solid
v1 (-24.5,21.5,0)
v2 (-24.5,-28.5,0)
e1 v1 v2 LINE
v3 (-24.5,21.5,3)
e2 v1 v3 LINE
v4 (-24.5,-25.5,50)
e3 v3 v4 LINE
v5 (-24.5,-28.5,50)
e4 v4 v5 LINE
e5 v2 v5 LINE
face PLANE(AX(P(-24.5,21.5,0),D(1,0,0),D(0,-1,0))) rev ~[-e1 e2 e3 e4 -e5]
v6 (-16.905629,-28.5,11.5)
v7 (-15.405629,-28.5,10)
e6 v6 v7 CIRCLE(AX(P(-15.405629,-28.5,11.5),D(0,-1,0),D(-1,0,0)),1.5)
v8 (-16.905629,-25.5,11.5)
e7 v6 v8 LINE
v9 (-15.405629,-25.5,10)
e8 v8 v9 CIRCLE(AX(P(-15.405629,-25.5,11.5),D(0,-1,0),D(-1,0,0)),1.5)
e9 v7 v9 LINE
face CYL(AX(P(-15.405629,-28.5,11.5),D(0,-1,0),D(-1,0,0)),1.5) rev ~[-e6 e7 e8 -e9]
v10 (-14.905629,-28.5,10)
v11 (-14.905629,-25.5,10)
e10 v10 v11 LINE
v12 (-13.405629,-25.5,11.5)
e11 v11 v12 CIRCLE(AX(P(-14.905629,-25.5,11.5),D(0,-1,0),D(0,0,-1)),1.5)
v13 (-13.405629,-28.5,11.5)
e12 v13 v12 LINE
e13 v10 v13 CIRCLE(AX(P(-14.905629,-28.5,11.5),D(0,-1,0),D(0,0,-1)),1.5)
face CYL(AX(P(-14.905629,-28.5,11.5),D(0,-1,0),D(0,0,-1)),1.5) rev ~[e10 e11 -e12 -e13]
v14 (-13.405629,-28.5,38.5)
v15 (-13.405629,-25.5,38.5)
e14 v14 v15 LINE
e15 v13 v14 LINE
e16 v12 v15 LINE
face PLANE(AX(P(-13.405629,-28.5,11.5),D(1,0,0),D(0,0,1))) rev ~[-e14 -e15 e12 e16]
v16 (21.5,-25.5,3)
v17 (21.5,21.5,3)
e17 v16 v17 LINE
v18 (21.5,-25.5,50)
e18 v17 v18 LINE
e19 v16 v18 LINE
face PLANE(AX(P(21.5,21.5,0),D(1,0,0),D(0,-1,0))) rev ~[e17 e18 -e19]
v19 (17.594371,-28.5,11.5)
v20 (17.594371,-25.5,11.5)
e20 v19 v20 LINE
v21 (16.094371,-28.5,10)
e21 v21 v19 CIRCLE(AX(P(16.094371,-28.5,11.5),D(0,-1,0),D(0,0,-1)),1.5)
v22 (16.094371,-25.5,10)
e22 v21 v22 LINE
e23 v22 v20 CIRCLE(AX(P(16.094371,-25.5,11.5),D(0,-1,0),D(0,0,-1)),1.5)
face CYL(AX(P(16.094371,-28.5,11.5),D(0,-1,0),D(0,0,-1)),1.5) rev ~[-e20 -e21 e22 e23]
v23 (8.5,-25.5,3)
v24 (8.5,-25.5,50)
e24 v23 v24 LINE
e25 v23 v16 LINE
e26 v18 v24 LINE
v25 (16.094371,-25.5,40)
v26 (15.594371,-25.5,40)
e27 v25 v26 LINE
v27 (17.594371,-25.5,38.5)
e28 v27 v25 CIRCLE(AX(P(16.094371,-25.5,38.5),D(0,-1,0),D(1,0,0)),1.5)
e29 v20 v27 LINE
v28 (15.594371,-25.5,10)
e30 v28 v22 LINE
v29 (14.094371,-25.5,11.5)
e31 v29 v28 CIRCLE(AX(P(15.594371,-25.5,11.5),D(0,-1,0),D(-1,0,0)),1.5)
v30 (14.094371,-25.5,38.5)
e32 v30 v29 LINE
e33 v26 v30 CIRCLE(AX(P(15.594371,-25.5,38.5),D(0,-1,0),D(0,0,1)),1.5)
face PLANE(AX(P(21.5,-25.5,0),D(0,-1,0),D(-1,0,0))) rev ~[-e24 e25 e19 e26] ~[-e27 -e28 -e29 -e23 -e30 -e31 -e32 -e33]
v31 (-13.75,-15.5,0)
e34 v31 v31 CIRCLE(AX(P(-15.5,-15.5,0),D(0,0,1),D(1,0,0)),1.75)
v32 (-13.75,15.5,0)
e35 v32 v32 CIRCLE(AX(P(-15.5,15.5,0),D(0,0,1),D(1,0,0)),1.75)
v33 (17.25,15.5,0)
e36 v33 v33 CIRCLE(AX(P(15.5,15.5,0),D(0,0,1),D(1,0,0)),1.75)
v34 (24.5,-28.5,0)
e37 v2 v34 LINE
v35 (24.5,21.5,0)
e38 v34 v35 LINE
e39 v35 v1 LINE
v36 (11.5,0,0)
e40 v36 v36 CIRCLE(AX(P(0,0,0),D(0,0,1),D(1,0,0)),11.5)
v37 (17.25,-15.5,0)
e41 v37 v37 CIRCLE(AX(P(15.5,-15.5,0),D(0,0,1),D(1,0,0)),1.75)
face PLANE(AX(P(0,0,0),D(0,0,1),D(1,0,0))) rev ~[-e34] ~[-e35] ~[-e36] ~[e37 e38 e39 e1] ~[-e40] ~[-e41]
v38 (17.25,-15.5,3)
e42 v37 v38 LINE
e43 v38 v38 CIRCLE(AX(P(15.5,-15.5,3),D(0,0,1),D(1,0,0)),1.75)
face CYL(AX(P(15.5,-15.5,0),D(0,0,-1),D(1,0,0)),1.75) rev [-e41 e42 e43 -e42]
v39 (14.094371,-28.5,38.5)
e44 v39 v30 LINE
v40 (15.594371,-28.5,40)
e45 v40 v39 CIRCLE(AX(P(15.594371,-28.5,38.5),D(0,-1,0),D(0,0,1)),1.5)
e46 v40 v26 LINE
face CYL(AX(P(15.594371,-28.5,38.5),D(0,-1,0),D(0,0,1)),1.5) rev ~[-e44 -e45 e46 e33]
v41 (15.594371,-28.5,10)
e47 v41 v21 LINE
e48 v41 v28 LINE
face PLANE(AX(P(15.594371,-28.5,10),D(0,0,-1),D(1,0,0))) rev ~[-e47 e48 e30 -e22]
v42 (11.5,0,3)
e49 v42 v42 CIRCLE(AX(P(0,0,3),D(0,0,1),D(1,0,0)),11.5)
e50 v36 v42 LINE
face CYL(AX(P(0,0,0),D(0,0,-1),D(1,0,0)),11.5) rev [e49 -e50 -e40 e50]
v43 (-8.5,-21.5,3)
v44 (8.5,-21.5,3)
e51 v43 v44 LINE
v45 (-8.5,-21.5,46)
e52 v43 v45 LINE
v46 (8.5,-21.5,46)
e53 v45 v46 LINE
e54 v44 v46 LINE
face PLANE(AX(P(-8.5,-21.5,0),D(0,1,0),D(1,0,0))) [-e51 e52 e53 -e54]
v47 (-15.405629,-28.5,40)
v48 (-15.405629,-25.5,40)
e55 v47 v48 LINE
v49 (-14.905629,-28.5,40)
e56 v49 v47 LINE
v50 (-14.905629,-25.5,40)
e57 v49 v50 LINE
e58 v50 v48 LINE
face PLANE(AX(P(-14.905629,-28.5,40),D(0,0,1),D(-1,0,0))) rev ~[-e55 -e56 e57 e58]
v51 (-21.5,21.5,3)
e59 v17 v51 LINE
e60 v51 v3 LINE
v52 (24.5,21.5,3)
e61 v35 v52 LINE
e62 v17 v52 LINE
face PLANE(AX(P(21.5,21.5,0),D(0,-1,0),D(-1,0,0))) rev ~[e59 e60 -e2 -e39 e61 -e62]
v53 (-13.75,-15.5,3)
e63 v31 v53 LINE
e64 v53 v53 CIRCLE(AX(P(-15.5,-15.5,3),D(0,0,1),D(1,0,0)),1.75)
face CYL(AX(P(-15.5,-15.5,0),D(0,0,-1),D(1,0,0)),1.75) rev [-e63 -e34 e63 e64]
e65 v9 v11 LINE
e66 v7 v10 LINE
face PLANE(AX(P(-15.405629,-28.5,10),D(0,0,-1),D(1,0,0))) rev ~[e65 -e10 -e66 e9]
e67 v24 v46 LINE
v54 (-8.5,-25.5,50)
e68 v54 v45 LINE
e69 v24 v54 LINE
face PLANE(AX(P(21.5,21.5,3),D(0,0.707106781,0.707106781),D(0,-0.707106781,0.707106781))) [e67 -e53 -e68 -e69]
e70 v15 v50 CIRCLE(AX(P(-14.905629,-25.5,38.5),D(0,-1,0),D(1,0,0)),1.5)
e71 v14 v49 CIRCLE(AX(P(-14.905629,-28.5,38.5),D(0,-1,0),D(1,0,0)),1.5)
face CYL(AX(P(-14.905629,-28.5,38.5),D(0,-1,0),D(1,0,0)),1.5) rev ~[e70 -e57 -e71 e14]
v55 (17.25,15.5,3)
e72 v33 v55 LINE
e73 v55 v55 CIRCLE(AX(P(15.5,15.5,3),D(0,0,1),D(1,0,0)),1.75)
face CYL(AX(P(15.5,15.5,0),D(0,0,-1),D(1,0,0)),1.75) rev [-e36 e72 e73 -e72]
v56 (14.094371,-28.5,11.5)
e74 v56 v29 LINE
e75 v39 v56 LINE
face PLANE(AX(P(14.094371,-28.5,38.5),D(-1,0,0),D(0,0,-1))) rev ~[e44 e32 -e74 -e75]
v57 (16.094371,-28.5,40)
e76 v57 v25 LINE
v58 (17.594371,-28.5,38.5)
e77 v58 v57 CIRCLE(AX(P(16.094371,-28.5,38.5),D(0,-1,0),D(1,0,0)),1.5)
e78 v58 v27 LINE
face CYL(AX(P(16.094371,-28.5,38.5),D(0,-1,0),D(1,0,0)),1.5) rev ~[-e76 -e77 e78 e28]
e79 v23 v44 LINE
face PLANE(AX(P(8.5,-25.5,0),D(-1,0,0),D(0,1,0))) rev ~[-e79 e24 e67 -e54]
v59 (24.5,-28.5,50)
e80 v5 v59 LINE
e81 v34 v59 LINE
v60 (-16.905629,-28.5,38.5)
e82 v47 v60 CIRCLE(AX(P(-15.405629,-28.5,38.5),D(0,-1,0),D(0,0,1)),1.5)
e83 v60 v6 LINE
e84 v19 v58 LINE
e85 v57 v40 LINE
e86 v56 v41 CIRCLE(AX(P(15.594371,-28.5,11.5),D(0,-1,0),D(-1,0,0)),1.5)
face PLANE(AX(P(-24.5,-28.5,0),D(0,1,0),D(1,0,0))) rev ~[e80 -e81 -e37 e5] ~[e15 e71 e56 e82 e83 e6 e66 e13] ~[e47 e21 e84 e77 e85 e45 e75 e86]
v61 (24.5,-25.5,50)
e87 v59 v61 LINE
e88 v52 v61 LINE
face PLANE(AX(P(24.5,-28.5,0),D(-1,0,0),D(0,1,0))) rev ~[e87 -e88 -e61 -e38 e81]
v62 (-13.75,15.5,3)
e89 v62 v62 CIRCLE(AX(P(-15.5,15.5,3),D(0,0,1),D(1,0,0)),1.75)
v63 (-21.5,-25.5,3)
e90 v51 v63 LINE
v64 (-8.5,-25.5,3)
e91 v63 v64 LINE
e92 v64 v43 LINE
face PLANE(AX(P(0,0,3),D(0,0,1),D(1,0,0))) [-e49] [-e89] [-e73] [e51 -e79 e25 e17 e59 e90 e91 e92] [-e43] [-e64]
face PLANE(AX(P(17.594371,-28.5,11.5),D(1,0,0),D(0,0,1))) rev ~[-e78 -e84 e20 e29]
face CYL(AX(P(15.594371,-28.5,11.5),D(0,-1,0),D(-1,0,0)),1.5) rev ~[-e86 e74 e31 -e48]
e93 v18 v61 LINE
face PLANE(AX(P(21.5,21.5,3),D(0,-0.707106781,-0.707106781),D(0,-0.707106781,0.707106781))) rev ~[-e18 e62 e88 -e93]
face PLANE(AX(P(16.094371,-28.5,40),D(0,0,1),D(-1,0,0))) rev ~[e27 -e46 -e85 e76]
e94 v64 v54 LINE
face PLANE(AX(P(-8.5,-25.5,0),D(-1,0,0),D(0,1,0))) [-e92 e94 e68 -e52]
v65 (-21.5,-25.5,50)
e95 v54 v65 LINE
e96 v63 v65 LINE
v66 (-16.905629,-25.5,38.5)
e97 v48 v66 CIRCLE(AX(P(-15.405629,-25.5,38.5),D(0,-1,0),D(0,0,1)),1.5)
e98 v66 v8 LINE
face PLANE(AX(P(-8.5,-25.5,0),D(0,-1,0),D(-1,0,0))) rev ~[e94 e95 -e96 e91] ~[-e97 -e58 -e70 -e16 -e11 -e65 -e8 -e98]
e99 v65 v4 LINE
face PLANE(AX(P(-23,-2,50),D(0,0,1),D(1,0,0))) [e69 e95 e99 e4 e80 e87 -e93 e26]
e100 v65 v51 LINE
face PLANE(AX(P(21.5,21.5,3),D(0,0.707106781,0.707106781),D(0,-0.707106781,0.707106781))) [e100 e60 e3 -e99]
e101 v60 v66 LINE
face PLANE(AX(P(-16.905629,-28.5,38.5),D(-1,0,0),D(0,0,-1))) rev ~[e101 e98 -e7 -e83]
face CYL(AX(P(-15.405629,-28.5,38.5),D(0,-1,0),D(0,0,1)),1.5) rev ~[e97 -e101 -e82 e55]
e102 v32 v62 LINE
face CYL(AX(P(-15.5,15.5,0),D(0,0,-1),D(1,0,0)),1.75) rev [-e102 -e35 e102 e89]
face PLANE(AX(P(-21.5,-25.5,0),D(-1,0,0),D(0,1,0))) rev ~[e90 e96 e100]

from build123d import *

# Parameters (mm, degrees)
F0_W          = 17
F0_H          = 4
F1_DEPTH      = 50
F0_R          = 1.75
F0_R_2        = 11.5
F0_W_2        = 13
F2_DEPTH      = 3
F4_DEPTH      = 5
F4_DEPTH_BACK = 50
F6_DEPTH      = 3


with BuildPart() as f1:
    # F0 (on Top) → F1 (new body)
    with BuildSketch(Plane.XY):
        Polygon((-21.5, -21.5), (-21.5, 21.5), (-24.5, 21.5), (-24.5, -25.5), (-21.5, -25.5), align=None)
        Polygon((24.5, -25.5), (21.5, -25.5), (8.5, -25.5), (-8.5, -25.5), (-21.5, -25.5), (-24.5, -25.5), (-24.5, -28.5), (24.5, -28.5), align=None)
        Polygon((24.5, 21.5), (21.5, 21.5), (21.5, -21.5), (21.5, -25.5), (24.5, -25.5), align=None)
        with Locations((0, -23.5)):
            Rectangle(F0_W, F0_H)
    extrude(amount=F1_DEPTH)

    # F0 (on Top) → F2 (join)
    with BuildSketch(Plane.XY):
        Polygon((21.5, -21.5), (21.5, 21.5), (-21.5, 21.5), (-21.5, -21.5), (-8.5, -21.5), (8.5, -21.5), align=None)
        with Locations((-15.5, -15.5)):
            Circle(F0_R, mode=Mode.SUBTRACT)
        with Locations((15.5, -15.5)):
            Circle(F0_R, mode=Mode.SUBTRACT)
        Circle(F0_R_2, mode=Mode.SUBTRACT)
        with Locations((-15.5, 15.5)):
            Circle(F0_R, mode=Mode.SUBTRACT)
        with Locations((15.5, 15.5)):
            Circle(F0_R, mode=Mode.SUBTRACT)
        with Locations((15, -23.5)):
            Rectangle(F0_W_2, F0_H)
        with Locations((-15, -23.5)):
            Rectangle(F0_W_2, F0_H)
    extrude(amount=F2_DEPTH)

    # F3 (on face) → F4 (cut, two sides)
    with BuildSketch(Plane(origin=(21.5, 0, 0), x_dir=(0, -1, 0), z_dir=(-1, 0, 0))) as f4_sk:
        Polygon((-21.5, 3), (25.5, 50), (-21.5, 50), align=None)
    extrude(amount=-F4_DEPTH, mode=Mode.SUBTRACT)
    extrude(f4_sk.sketch, amount=F4_DEPTH_BACK, mode=Mode.SUBTRACT)

    # F5 (on face) → F6 (cut)
    with BuildSketch(Plane.XZ.offset(28.5)):
        with BuildLine():
            ThreePointArc((17.5943711698, 38.5), (17.1550313416, 39.5606601718), (16.0943711698, 40))
            Line((16.0943711698, 40), (15.5943711698, 40))
            ThreePointArc((15.5943711698, 40), (14.533710998, 39.5606601718), (14.0943711698, 38.5))
            Line((14.0943711698, 38.5), (14.0943711698, 11.5))
            ThreePointArc((14.0943711698, 11.5), (14.533710998, 10.4393398282), (15.5943711698, 10))
            Line((15.5943711698, 10), (16.0943711698, 10))
            ThreePointArc((16.0943711698, 10), (17.1550313416, 10.4393398282), (17.5943711698, 11.5))
            Line((17.5943711698, 11.5), (17.5943711698, 38.5))
        make_face()
        with BuildLine():
            Line((-13.4056288302, 11.5), (-13.4056288302, 38.5))
            ThreePointArc((-13.4056288302, 38.5), (-13.8449686584, 39.5606601718), (-14.9056288302, 40))
            Line((-14.9056288302, 40), (-15.4056288302, 40))
            ThreePointArc((-15.4056288302, 40), (-16.466289002, 39.5606601718), (-16.9056288302, 38.5))
            Line((-16.9056288302, 38.5), (-16.9056288302, 11.5))
            ThreePointArc((-16.9056288302, 11.5), (-16.466289002, 10.4393398282), (-15.4056288302, 10))
            Line((-15.4056288302, 10), (-14.9056288302, 10))
            ThreePointArc((-14.9056288302, 10), (-13.8449686584, 10.4393398282), (-13.4056288302, 11.5))
        make_face()
    extrude(amount=-F6_DEPTH, mode=Mode.SUBTRACT)


solid = f1.part
